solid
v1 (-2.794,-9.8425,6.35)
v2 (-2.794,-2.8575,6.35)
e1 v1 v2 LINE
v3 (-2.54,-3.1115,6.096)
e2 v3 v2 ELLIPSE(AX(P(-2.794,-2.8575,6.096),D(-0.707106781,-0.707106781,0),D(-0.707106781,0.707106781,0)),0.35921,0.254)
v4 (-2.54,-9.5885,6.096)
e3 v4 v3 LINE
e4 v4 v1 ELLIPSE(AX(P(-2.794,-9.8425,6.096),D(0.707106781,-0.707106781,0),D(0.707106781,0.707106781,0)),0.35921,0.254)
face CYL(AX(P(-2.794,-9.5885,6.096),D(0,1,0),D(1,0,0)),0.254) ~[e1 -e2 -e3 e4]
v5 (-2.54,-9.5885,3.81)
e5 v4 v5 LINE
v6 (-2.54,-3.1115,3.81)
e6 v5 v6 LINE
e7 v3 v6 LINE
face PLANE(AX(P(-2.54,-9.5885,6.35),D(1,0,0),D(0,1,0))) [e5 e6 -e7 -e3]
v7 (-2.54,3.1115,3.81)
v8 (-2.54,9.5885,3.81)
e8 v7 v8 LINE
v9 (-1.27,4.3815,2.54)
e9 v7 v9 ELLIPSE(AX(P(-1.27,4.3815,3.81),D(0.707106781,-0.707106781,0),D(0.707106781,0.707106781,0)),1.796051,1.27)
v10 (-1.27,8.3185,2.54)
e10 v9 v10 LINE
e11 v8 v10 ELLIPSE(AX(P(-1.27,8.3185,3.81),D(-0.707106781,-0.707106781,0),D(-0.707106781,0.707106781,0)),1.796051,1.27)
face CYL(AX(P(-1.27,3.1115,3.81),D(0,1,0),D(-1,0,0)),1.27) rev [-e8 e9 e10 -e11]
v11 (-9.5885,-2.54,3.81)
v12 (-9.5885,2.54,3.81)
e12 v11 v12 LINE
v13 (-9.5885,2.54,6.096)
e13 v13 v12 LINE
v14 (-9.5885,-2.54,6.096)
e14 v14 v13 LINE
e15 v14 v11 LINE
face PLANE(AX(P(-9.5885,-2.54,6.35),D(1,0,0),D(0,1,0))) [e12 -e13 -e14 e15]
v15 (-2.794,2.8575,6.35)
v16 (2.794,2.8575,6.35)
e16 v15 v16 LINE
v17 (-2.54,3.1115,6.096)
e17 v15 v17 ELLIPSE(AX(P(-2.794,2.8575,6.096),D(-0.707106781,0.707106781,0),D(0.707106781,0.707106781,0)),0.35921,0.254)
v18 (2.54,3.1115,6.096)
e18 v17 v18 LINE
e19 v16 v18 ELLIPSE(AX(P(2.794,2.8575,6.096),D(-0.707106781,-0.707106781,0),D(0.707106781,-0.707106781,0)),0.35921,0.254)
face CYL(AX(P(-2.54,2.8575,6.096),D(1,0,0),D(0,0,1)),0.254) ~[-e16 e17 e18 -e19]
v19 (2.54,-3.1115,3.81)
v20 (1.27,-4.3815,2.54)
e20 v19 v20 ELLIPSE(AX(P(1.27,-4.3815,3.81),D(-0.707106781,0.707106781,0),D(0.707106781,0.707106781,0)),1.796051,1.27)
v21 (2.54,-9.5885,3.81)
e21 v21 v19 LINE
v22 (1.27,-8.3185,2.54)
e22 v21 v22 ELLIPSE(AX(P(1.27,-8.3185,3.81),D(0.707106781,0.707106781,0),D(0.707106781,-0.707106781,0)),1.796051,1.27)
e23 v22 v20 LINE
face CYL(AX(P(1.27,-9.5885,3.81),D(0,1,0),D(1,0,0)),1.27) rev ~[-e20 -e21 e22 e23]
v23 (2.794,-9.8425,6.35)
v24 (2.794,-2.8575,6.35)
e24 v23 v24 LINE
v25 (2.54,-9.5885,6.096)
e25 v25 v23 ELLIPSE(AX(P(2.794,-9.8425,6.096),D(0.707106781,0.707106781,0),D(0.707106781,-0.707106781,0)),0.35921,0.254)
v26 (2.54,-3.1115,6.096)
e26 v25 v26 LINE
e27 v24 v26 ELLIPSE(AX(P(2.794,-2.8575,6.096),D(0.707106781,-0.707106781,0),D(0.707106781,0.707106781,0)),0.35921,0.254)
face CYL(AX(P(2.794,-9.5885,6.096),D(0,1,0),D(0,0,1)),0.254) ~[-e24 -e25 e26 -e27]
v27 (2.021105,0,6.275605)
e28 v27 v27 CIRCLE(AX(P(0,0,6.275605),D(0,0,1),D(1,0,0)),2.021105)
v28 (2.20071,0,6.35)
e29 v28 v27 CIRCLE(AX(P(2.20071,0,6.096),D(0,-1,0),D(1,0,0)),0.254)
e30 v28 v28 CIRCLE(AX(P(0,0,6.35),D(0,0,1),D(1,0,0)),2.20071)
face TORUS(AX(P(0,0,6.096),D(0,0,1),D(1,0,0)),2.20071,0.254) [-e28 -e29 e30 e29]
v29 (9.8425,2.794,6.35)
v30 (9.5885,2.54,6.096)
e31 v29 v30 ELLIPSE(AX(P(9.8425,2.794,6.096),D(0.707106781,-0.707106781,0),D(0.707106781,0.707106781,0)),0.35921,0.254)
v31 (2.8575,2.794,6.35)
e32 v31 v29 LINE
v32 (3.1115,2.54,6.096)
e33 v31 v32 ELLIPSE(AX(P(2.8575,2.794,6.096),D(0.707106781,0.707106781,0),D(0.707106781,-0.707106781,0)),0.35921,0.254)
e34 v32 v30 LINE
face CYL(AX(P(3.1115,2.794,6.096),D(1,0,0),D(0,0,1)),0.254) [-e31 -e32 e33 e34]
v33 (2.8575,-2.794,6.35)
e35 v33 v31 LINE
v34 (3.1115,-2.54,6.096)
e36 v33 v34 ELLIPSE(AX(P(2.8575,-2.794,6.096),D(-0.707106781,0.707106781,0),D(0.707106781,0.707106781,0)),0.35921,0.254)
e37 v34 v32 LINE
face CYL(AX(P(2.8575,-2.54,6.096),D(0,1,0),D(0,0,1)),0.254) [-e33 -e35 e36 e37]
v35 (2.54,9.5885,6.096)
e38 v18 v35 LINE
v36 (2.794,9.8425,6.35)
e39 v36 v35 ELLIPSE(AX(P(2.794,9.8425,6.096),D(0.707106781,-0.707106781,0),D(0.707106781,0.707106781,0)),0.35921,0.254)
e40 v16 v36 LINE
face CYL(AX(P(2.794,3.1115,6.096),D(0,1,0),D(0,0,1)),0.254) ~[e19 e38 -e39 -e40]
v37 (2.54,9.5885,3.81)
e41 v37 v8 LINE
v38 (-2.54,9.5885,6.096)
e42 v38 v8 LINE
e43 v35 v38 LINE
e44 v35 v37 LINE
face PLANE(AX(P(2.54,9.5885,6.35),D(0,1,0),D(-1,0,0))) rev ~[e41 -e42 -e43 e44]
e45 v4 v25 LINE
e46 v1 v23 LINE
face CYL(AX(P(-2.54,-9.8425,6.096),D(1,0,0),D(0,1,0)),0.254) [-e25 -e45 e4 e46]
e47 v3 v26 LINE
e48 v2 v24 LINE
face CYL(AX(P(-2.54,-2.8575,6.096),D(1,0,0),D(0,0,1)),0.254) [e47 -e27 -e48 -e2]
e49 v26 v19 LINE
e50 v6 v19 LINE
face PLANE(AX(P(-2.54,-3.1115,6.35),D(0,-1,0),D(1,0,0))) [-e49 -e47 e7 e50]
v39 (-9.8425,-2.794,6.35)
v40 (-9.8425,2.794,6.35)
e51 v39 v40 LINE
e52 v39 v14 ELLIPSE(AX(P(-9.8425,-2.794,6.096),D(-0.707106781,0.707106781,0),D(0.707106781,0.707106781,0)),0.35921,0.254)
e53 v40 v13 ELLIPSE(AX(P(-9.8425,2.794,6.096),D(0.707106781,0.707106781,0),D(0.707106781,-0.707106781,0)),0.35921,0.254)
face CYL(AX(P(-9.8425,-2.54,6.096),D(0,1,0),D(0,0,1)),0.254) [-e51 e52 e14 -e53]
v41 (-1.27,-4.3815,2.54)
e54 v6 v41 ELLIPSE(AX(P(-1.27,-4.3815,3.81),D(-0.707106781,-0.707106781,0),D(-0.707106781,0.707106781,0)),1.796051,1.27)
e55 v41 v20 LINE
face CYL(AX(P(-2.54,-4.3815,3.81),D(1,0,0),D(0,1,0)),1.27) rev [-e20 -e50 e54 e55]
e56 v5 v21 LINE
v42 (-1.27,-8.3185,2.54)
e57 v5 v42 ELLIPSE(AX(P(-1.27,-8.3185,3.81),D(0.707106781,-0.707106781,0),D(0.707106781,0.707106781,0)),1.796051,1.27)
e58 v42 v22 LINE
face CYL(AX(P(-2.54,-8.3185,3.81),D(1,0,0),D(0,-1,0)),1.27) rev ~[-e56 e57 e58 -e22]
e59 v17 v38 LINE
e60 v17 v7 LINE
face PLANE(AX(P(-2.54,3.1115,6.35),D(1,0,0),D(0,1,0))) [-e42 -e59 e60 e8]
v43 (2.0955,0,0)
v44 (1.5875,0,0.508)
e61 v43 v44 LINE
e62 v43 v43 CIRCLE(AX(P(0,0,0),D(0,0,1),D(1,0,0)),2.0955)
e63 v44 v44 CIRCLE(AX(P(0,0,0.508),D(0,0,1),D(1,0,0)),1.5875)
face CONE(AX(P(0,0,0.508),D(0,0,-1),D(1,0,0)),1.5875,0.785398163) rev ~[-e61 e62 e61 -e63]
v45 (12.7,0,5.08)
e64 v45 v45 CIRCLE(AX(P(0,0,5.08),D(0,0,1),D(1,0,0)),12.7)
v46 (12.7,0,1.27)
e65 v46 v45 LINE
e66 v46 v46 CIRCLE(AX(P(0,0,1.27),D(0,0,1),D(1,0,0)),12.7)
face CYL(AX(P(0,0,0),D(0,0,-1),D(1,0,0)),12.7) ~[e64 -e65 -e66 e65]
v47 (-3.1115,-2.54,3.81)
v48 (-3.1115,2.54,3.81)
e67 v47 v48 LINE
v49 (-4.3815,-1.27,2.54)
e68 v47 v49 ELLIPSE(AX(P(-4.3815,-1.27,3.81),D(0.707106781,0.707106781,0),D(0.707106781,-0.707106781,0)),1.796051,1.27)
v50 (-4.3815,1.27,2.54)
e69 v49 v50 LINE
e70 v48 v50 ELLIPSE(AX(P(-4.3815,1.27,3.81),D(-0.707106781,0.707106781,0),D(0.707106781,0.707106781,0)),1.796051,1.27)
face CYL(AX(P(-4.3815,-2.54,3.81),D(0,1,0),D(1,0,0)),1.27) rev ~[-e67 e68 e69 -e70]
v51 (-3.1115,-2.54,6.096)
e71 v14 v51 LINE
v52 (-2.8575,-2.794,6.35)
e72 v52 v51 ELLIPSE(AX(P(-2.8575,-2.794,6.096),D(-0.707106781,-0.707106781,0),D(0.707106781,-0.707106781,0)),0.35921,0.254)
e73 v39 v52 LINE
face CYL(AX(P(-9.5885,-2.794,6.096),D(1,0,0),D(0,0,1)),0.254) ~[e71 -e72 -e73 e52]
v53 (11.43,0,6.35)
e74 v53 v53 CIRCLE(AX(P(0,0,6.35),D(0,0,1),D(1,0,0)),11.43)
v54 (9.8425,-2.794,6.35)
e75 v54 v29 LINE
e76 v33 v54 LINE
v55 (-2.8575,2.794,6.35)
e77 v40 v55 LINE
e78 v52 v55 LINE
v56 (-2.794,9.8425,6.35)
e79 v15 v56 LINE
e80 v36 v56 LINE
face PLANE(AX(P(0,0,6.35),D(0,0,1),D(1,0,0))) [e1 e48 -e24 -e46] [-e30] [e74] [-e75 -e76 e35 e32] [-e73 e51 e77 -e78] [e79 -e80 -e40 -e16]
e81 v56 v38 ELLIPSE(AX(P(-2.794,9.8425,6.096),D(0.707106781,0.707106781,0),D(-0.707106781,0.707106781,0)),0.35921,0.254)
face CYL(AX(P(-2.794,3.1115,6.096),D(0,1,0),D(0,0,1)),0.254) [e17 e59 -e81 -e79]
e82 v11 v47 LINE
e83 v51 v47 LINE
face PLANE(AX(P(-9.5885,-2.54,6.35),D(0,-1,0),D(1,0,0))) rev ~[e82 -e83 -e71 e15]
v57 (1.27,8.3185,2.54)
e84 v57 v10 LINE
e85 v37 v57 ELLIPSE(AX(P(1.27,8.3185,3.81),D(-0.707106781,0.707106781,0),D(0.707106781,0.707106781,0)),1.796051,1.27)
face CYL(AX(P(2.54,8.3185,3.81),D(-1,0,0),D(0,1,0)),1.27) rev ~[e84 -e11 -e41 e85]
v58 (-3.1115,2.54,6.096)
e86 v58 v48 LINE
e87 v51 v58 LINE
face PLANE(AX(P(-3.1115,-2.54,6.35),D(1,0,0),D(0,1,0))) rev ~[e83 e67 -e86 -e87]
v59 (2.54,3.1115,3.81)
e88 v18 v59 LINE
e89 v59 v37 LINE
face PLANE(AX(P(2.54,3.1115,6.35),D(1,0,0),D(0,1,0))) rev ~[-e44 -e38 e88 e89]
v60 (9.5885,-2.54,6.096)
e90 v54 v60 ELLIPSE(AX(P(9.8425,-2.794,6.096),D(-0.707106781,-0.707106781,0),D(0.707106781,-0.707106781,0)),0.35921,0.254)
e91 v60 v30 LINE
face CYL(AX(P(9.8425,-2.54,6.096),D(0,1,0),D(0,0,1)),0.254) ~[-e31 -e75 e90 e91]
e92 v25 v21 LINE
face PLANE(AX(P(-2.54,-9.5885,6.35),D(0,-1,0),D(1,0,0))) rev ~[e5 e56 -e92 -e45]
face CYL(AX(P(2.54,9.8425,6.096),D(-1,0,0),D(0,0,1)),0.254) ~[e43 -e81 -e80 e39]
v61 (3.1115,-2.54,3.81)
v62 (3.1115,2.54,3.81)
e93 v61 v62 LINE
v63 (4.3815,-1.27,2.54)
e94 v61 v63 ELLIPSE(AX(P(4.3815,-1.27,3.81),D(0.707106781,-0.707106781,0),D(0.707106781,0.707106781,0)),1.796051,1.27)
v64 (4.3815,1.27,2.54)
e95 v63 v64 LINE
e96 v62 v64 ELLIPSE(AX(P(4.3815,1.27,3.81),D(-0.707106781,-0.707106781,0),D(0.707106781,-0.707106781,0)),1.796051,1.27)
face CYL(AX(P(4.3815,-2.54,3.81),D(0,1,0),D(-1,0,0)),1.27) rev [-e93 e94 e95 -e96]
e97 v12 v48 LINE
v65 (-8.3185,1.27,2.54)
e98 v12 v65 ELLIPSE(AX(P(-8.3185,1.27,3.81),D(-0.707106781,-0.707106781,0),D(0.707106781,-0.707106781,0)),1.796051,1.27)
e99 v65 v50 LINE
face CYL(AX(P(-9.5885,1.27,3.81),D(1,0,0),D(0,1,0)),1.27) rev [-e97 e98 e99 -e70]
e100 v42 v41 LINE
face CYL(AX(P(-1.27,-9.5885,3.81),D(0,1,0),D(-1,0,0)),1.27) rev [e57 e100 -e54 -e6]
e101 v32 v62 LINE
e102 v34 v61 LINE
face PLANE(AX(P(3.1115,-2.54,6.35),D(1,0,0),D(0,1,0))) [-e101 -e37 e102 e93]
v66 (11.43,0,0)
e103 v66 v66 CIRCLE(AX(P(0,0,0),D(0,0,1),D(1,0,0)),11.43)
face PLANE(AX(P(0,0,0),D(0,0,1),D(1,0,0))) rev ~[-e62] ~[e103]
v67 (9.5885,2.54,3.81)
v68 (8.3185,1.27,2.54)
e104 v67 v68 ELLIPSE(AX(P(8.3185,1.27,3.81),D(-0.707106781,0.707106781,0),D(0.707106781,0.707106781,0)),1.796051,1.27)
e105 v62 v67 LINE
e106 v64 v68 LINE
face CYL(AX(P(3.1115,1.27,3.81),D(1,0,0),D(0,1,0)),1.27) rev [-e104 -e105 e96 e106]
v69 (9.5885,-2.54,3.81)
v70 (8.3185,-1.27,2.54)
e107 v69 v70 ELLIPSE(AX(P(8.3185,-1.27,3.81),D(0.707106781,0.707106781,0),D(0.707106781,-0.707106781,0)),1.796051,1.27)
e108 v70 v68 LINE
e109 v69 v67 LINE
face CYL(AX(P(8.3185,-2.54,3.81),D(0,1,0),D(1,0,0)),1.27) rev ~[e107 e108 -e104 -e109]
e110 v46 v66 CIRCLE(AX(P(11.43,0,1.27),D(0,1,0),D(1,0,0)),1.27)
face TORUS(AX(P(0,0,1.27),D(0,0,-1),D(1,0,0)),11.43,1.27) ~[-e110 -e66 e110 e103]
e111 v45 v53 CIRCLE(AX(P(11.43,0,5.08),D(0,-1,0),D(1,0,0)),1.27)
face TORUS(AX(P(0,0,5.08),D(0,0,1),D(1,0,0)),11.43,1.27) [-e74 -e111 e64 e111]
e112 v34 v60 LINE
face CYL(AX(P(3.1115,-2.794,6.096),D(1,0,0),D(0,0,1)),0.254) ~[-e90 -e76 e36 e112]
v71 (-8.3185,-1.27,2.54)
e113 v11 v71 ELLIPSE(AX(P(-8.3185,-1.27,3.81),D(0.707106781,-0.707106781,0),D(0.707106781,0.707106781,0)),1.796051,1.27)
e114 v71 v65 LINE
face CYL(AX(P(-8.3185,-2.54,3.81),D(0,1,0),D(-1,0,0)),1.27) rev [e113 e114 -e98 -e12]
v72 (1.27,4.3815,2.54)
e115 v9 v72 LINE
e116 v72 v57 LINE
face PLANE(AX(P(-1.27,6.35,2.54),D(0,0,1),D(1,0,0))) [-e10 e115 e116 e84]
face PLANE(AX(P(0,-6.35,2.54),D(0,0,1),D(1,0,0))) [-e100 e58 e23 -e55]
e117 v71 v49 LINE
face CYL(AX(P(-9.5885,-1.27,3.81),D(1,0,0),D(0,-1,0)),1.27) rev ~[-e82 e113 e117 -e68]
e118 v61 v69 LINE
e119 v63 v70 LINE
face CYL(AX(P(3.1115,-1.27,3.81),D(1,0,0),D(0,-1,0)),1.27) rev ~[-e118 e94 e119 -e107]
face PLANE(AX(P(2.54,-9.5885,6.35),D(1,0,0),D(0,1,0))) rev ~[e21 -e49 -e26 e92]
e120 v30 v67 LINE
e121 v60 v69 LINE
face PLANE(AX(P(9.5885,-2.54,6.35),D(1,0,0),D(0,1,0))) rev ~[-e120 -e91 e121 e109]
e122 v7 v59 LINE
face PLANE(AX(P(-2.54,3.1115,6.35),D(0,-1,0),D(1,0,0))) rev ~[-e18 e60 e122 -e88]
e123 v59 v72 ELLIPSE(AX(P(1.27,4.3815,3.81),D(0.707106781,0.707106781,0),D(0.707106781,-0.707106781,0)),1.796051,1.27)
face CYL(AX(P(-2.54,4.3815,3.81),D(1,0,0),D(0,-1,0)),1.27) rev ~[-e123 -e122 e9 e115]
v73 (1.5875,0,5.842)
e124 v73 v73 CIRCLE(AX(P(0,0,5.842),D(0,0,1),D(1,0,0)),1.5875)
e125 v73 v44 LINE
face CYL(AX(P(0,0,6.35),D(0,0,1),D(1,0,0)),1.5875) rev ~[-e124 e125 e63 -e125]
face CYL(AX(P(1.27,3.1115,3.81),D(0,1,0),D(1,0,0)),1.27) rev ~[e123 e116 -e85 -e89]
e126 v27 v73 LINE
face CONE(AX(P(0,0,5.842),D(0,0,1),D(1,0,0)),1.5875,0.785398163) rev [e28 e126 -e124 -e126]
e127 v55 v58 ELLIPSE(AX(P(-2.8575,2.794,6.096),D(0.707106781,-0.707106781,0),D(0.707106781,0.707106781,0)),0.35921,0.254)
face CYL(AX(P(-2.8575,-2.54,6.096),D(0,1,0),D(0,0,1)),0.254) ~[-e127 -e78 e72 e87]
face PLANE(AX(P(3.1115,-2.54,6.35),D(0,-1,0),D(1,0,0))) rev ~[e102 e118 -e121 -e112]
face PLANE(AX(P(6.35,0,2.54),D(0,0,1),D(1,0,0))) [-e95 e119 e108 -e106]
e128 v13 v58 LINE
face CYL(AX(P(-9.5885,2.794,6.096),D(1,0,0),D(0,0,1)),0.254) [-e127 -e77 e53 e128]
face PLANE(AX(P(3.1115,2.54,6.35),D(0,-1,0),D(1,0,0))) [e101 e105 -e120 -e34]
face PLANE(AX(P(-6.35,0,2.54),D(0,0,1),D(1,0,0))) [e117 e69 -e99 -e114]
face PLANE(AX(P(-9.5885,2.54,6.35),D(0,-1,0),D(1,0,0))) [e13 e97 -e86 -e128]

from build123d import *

# Parameters (mm, degrees)
F0_R     = 12.7
F1_DEPTH = 6.35
F2_R     = 1.5875
F3_DEPTH = 25.4
F4_R     = 1.27
F5_SIZE  = 0.508
F6_W     = 2.54
F6_H     = 6.477
F6_W_2   = 6.477
F6_H_2   = 5.08
F6_W_3   = 5.08
F7_DEPTH = 3.81
F8_R     = 1.27
F9_R     = 0.254


with BuildPart() as f1:
    # F0 (on Top) → F1 (new body)
    with BuildSketch(Plane.XY):
        Circle(F0_R)
    extrude(amount=F1_DEPTH)

    # F2 (on face) → F3 (cut)
    with BuildSketch(Plane.XY.offset(6.35)):
        Circle(F2_R)
    extrude(amount=-F3_DEPTH, mode=Mode.SUBTRACT)

    # F4
    f4_edges = [f1.edges().sort_by_distance(p)[0] for p in [
        (12.7, 0, 3.175),
        (-12.7, 0, 0),
        (-12.7, 0, 6.35),
    ]]
    fillet(f4_edges, radius=F4_R)

    # F5
    f5_edges = [f1.edges().sort_by_distance(p)[0] for p in [
        (-1.5875, 0, 6.35),
        (-1.5875, 0, 0),
    ]]
    chamfer(f5_edges, length=F5_SIZE)

    # F6 (on face) → F7 (cut)
    with BuildSketch(Plane.XY.offset(6.35)):
        with Locations((-1.27, 6.35)):
            Rectangle(F6_W, F6_H)
        with Locations((1.27, 6.35)):
            Rectangle(F6_W, F6_H)
        with Locations((-6.35, 0)):
            Rectangle(F6_W_2, F6_H_2)
        with Locations((0, -6.35)):
            Rectangle(F6_W_3, F6_H)
        with Locations((6.35, 0)):
            Rectangle(F6_W_2, F6_H_2)
    extrude(amount=-F7_DEPTH, mode=Mode.SUBTRACT)

    # F8
    f8_edges = [f1.edges().sort_by_distance(p)[0] for p in [
        (-2.54, -6.35, 2.54),
        (0, -9.5885, 2.54),
        (2.54, -6.35, 2.54),
        (0, -3.1115, 2.54),
        (6.35, -2.54, 2.54),
        (9.5885, 0, 2.54),
        (6.35, 2.54, 2.54),
        (3.1115, 0, 2.54),
        (-6.35, 2.54, 2.54),
        (-9.5885, 0, 2.54),
        (-6.35, -2.54, 2.54),
        (-3.1115, 0, 2.54),
        (0, 3.1115, 2.54),
        (2.54, 6.35, 2.54),
        (0, 9.5885, 2.54),
        (-2.54, 6.35, 2.54),
    ]]
    fillet(f8_edges, radius=F8_R)

    # F9
    f9_edges = [f1.edges().sort_by_distance(p)[0] for p in [
        (-11.43, 0, 6.35),
        (-2.54, -6.35, 6.35),
        (0, -9.5885, 6.35),
        (2.54, -6.35, 6.35),
        (0, -3.1115, 6.35),
        (-6.35, 2.54, 6.35),
        (-9.5885, 0, 6.35),
        (-6.35, -2.54, 6.35),
        (-3.1115, 0, 6.35),
        (-2.0955, 0, 6.35),
        (6.35, -2.54, 6.35),
        (9.5885, 0, 6.35),
        (6.35, 2.54, 6.35),
        (3.1115, 0, 6.35),
        (0, 3.1115, 6.35),
        (2.54, 6.35, 6.35),
        (0, 9.5885, 6.35),
        (-2.54, 6.35, 6.35),
    ]]
    fillet(f9_edges, radius=F9_R)


solid = f1.part
